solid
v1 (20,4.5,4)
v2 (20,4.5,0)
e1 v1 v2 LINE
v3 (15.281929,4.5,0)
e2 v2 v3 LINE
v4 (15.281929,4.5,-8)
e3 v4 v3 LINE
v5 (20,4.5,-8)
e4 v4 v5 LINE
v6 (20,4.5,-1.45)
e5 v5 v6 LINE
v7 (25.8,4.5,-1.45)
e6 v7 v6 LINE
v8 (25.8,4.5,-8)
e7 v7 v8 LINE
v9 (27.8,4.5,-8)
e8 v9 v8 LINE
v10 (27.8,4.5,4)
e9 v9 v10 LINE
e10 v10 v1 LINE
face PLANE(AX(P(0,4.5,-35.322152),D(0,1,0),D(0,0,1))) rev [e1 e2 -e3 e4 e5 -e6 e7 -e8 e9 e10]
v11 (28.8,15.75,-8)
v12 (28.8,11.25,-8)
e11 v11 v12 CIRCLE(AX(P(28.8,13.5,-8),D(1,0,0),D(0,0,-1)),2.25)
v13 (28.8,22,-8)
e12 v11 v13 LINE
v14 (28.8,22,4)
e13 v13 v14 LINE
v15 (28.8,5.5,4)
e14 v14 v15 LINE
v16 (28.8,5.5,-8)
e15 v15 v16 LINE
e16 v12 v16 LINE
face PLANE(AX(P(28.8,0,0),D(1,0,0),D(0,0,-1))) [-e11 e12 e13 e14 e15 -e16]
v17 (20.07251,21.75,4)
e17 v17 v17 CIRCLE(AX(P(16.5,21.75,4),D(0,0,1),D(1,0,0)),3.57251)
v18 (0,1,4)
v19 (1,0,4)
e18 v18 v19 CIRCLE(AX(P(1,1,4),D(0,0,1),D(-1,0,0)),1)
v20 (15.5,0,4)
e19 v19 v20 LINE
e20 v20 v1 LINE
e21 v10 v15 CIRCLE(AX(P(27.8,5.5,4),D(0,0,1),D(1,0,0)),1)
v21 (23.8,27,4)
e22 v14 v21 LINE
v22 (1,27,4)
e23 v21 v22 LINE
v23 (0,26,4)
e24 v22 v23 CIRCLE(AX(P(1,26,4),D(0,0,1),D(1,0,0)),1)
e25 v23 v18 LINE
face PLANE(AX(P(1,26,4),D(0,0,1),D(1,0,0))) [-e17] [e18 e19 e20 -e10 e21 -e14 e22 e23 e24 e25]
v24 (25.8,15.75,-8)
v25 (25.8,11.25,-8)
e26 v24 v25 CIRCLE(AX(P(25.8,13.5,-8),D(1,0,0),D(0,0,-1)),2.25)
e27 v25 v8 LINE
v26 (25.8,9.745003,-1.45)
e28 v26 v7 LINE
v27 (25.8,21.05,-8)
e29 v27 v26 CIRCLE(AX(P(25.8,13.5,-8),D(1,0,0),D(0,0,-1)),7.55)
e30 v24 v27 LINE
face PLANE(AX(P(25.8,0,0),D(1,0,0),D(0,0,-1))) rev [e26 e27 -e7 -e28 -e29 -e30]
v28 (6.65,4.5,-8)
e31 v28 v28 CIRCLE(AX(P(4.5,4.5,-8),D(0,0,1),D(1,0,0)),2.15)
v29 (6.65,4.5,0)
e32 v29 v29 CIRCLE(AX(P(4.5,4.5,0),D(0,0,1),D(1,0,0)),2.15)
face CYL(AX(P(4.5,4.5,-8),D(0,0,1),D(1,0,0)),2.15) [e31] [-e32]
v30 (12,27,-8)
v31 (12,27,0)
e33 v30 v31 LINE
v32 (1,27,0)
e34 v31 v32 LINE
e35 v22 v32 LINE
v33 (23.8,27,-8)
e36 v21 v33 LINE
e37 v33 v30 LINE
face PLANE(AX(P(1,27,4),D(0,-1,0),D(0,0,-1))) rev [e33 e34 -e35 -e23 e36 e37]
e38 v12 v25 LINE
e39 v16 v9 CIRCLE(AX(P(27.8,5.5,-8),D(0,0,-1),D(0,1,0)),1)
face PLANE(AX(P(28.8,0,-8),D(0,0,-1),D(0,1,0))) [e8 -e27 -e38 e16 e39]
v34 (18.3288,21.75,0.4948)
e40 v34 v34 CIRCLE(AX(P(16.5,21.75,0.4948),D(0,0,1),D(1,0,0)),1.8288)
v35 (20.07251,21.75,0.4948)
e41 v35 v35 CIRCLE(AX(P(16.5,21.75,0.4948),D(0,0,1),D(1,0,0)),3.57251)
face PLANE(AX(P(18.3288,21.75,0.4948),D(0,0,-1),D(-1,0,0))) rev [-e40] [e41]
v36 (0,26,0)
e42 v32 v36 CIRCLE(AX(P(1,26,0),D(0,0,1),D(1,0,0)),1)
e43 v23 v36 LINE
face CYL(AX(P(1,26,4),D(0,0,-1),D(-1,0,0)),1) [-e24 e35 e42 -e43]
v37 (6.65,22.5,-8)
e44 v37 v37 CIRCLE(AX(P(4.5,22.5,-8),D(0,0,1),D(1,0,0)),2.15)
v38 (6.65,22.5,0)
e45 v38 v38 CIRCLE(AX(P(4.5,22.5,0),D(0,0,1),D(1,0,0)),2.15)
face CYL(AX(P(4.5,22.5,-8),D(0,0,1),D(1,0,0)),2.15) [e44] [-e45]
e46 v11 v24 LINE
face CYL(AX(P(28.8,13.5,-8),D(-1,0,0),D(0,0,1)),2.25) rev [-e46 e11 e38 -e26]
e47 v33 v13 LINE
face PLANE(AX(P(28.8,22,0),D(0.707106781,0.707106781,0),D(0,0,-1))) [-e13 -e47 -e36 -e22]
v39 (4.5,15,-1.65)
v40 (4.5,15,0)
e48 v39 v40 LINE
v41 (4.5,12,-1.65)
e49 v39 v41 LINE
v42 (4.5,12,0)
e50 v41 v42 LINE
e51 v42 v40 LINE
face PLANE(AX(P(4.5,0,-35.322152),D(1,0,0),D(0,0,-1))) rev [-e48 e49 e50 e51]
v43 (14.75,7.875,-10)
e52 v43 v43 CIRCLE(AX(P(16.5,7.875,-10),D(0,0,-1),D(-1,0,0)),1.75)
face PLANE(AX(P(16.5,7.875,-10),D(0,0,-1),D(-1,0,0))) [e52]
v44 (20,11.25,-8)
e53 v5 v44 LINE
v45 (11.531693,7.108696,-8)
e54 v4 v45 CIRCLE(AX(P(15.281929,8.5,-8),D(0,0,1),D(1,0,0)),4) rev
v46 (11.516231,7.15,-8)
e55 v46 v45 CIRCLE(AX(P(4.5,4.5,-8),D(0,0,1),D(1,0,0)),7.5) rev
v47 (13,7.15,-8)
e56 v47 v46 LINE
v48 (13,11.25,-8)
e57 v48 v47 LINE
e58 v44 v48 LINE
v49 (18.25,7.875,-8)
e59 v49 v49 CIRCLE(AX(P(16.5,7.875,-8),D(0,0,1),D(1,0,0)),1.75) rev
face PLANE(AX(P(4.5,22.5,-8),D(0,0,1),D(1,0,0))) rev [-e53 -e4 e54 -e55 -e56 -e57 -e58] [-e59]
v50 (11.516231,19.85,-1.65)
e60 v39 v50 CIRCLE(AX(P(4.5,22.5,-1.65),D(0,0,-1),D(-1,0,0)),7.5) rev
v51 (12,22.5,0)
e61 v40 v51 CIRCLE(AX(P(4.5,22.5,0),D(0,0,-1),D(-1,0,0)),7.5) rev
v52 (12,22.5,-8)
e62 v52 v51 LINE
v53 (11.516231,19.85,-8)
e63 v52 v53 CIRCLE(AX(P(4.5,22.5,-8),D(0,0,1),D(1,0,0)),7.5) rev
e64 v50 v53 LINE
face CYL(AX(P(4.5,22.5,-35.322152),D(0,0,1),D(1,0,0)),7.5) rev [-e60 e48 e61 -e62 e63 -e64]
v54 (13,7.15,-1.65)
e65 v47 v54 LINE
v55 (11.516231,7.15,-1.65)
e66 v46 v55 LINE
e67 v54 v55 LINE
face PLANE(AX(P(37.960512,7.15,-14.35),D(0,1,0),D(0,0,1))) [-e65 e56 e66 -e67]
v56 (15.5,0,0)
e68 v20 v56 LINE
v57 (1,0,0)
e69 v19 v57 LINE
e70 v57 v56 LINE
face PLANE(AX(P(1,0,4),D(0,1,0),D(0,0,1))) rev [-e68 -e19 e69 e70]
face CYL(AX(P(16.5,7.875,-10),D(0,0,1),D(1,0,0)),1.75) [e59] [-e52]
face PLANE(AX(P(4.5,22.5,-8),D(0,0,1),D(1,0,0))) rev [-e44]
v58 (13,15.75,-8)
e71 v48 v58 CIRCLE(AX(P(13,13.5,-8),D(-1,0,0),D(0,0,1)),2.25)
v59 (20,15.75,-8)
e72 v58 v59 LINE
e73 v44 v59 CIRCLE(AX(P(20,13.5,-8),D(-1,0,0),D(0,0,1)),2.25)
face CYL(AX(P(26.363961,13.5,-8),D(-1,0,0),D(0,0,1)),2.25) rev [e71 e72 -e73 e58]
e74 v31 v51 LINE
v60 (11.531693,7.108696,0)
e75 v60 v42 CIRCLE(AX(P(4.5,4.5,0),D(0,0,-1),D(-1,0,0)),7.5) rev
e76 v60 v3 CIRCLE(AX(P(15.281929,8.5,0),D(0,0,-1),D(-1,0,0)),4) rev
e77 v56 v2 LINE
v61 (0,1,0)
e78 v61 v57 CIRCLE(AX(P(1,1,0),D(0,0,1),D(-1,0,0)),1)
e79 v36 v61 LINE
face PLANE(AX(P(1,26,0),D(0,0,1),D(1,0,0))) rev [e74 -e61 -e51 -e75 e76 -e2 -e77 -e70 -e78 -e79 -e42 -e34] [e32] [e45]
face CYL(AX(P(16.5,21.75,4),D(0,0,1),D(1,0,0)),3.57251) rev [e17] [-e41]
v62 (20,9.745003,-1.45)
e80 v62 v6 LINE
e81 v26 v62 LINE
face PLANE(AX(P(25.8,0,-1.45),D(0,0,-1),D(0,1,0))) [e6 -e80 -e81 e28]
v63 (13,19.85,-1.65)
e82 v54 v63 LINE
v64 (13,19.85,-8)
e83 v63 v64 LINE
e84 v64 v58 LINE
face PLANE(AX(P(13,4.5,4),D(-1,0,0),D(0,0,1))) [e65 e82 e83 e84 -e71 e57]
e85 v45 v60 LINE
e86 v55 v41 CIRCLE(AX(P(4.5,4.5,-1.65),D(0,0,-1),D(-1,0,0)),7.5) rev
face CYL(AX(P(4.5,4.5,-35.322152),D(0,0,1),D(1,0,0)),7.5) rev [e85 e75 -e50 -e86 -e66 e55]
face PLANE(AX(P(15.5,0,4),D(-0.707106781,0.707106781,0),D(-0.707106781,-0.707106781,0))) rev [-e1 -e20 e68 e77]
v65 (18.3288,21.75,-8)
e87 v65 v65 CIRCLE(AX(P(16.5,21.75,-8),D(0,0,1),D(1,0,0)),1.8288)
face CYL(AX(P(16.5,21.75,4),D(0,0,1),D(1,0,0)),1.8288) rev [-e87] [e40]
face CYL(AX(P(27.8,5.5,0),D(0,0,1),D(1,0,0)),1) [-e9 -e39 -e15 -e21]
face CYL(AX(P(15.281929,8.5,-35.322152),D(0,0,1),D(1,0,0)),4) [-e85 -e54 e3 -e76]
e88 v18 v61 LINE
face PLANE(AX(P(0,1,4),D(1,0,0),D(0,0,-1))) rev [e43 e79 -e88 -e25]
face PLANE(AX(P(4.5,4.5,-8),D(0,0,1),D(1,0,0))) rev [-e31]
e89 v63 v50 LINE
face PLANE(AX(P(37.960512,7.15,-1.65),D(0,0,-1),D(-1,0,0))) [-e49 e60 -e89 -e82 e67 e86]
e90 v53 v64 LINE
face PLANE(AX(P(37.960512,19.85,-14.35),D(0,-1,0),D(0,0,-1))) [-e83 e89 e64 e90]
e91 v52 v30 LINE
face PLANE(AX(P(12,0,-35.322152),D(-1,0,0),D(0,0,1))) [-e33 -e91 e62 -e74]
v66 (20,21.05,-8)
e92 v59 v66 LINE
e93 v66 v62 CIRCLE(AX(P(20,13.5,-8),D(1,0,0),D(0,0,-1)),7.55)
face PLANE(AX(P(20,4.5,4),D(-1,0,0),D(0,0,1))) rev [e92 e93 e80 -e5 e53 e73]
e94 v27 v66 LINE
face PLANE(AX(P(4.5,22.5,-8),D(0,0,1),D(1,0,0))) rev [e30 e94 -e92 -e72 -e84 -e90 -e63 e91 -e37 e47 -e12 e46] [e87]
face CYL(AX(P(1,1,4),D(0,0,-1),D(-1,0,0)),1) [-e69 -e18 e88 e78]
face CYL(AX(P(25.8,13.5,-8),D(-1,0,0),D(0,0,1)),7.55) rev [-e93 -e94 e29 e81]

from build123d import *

# Parameters (mm, degrees)
BOSS_EXTRUDE1_DEPTH                            = 4
SKETCH3_R                                      = 2.15
BOSS_EXTRUDE2_DEPTH                            = 8
BOSS_EXTRUDE3_DEPTH                            = 8
CUT_EXTRUDE2_REACH                             = 34.144
SKETCH4_R                                      = 2.25
SKETCH4_4_W                                    = 12.7
SKETCH4_4_H                                    = 12.7
SKETCH4_4_R                                    = 2.25
CUT_EXTRUDE3_DEPTH                             = 8.5
BOSS_EXTRUDE4_DEPTH                            = 5.8
BOSS_EXTRUDE7_DEPTH                            = 3
CBORE_FOR_6_SOCKET_HEAD_CAP_SCREW1_D           = 3.6576
CBORE_FOR_6_SOCKET_HEAD_CAP_SCREW1_CBORE_D     = 7.14502
CBORE_FOR_6_SOCKET_HEAD_CAP_SCREW1_CBORE_DEPTH = 3.5052
SKETCH12_R                                     = 1.75
BOSS_EXTRUDE8_DEPTH                            = 2
CHAMFER1_SIZE                                  = 5
FILLET1_R                                      = 1


with BuildPart() as part:
    # Sketch2 → Boss-Extrude1 (new body)
    with BuildSketch(Plane.XY):
        with BuildLine():
            Line((15.5, 0), (20, 4.5))
            Line((20, 4.5), (20, 27))
            Line((20, 27), (1, 27))
            ThreePointArc((1, 27), (0.292893219, 26.707106781), (0, 26))
            Line((0, 26), (0, 1))
            ThreePointArc((0, 1), (0.292893219, 0.292893219), (1, 0))
            Line((1, 0), (15.5, 0))
        make_face()
    extrude(amount=BOSS_EXTRUDE1_DEPTH)

    # Sketch3 → Boss-Extrude2 (add)
    with BuildSketch(Plane.XY):
        with Locations((4.5, 22.5)):
            Circle(SKETCH3_R)
        with Locations((4.5, 4.5)):
            Circle(SKETCH3_R)
    extrude(amount=-BOSS_EXTRUDE2_DEPTH)

    # Sketch3<3> → Boss-Extrude3 (add)
    with BuildSketch(Plane.XY):
        with BuildLine():
            Line((4.5, 15), (4.5, 12))
            ThreePointArc((4.5, 12), (8.782801805, 10.656915518), (11.531693039, 7.108695652))
            ThreePointArc((11.531693039, 7.108695652), (12.997768364, 5.216311724), (15.281929326, 4.5))
            Line((15.281929326, 4.5), (20, 4.5))
            Line((20, 4.5), (20, 27))
            Line((20, 27), (12, 27))
            Line((12, 27), (12, 22.5))
            ThreePointArc((12, 22.5), (9.803300859, 17.196699141), (4.5, 15))
        make_face()
    extrude(amount=-BOSS_EXTRUDE3_DEPTH)

    # Cut-Extrude2: up to this face of the body (flat: up to its plane)
    cut_extrude2_end = Plane(part.part.faces().sort_by_distance((20, 15.75, -2))[0])
    # Sketch4 → Cut-Extrude2 (cut, up to the picked face)
    with BuildSketch(Plane(origin=(4.5, 0, 0), x_dir=(0, 0, -1), z_dir=(1, 0, 0)), mode=Mode.PRIVATE) as cut_extrude2_sk1:
        with Locations((8, 13.5)):
            Circle(SKETCH4_R)
    cut_extrude2_tool1 = split(extrude(cut_extrude2_sk1.sketch, amount=CUT_EXTRUDE2_REACH, mode=Mode.PRIVATE), bisect_by=cut_extrude2_end, keep=Keep.BOTH, mode=Mode.PRIVATE)
    add(cut_extrude2_tool1.solids().sort_by(Axis((4.5, 13.5, -8), (1, 0, 0)))[0], mode=Mode.SUBTRACT)

    # Sketch4<4> → Cut-Extrude3 (cut)
    with BuildSketch(Plane(origin=(4.5, 0, 0), x_dir=(0, 0, -1), z_dir=(1, 0, 0))):
        with Locations((8, 13.5)):
            Rectangle(SKETCH4_4_W, SKETCH4_4_H)
        with Locations((8, 13.5)):
            Circle(SKETCH4_4_R, mode=Mode.SUBTRACT)
    extrude(amount=CUT_EXTRUDE3_DEPTH, mode=Mode.SUBTRACT)

    # Sketch5 → Boss-Extrude4 (add)
    with BuildSketch(Plane(origin=(20, 0, 0), x_dir=(0, 0, -1), z_dir=(1, 0, 0))):
        with BuildLine():
            Line((1.45, 4.5), (1.45, 9.745003329))
            ThreePointArc((1.45, 9.745003329), (1.467285217, 17.28498845), (8, 21.05))
            Line((8, 21.05), (8, 27))
            Line((8, 27), (-4, 27))
            Line((-4, 27), (-4, 4.5))
            Line((-4, 4.5), (0, 4.5))
            Line((0, 4.5), (1.45, 4.5))
        make_face()
    extrude(amount=BOSS_EXTRUDE4_DEPTH)

    # Sketch8 → Boss-Extrude7 (add)
    with BuildSketch(Plane(origin=(25.8, 0, 0), x_dir=(0, 0, -1), z_dir=(1, 0, 0))):
        with BuildLine():
            Line((1.45, 4.5), (1.45, 9.745003329))
            ThreePointArc((1.45, 9.745003329), (1.467285217, 17.28498845), (8, 21.05))
            Line((8, 21.05), (8, 27))
            Line((8, 27), (-4, 27))
            Line((-4, 27), (-4, 4.5))
            Line((-4, 4.5), (1.45, 4.5))
        make_face()
        with BuildLine():
            Line((8, 15.75), (8, 21.05))
            ThreePointArc((8, 21.05), (1.467285217, 17.28498845), (1.45, 9.745003329))
            Line((1.45, 9.745003329), (1.45, 4.5))
            Line((1.45, 4.5), (8, 4.5))
            Line((8, 4.5), (8, 11.25))
            ThreePointArc((8, 11.25), (5.75, 13.5), (8, 15.75))
        make_face()
    extrude(amount=BOSS_EXTRUDE7_DEPTH)

    # CBORE for #6 Socket Head Cap Screw1 (through all)
    with Locations(Plane.XY.offset(4)):
        with Locations((16.5, 21.75)):
            CounterBoreHole(CBORE_FOR_6_SOCKET_HEAD_CAP_SCREW1_D / 2, CBORE_FOR_6_SOCKET_HEAD_CAP_SCREW1_CBORE_D / 2, CBORE_FOR_6_SOCKET_HEAD_CAP_SCREW1_CBORE_DEPTH)

    # Sketch12 → Boss-Extrude8 (add)
    with BuildSketch(Plane(origin=(0, 0, -8), x_dir=(-1, 0, 0), z_dir=(0, 0, -1))):
        with Locations(Location((-16.5, 7.875, 0), (0, 0, 180))):
            Circle(SKETCH12_R)
    extrude(amount=BOSS_EXTRUDE8_DEPTH)

    # Chamfer1
    chamfer1_edges = [part.edges().sort_by_distance(p)[0] for p in [
        (28.8, 27, -2),
    ]]
    chamfer(chamfer1_edges, length=CHAMFER1_SIZE)

    # Fillet1
    fillet1_edges = [part.edges().sort_by_distance(p)[0] for p in [
        (28.8, 4.5, -2),
    ]]
    fillet(fillet1_edges, radius=FILLET1_R)


solid = part.part
